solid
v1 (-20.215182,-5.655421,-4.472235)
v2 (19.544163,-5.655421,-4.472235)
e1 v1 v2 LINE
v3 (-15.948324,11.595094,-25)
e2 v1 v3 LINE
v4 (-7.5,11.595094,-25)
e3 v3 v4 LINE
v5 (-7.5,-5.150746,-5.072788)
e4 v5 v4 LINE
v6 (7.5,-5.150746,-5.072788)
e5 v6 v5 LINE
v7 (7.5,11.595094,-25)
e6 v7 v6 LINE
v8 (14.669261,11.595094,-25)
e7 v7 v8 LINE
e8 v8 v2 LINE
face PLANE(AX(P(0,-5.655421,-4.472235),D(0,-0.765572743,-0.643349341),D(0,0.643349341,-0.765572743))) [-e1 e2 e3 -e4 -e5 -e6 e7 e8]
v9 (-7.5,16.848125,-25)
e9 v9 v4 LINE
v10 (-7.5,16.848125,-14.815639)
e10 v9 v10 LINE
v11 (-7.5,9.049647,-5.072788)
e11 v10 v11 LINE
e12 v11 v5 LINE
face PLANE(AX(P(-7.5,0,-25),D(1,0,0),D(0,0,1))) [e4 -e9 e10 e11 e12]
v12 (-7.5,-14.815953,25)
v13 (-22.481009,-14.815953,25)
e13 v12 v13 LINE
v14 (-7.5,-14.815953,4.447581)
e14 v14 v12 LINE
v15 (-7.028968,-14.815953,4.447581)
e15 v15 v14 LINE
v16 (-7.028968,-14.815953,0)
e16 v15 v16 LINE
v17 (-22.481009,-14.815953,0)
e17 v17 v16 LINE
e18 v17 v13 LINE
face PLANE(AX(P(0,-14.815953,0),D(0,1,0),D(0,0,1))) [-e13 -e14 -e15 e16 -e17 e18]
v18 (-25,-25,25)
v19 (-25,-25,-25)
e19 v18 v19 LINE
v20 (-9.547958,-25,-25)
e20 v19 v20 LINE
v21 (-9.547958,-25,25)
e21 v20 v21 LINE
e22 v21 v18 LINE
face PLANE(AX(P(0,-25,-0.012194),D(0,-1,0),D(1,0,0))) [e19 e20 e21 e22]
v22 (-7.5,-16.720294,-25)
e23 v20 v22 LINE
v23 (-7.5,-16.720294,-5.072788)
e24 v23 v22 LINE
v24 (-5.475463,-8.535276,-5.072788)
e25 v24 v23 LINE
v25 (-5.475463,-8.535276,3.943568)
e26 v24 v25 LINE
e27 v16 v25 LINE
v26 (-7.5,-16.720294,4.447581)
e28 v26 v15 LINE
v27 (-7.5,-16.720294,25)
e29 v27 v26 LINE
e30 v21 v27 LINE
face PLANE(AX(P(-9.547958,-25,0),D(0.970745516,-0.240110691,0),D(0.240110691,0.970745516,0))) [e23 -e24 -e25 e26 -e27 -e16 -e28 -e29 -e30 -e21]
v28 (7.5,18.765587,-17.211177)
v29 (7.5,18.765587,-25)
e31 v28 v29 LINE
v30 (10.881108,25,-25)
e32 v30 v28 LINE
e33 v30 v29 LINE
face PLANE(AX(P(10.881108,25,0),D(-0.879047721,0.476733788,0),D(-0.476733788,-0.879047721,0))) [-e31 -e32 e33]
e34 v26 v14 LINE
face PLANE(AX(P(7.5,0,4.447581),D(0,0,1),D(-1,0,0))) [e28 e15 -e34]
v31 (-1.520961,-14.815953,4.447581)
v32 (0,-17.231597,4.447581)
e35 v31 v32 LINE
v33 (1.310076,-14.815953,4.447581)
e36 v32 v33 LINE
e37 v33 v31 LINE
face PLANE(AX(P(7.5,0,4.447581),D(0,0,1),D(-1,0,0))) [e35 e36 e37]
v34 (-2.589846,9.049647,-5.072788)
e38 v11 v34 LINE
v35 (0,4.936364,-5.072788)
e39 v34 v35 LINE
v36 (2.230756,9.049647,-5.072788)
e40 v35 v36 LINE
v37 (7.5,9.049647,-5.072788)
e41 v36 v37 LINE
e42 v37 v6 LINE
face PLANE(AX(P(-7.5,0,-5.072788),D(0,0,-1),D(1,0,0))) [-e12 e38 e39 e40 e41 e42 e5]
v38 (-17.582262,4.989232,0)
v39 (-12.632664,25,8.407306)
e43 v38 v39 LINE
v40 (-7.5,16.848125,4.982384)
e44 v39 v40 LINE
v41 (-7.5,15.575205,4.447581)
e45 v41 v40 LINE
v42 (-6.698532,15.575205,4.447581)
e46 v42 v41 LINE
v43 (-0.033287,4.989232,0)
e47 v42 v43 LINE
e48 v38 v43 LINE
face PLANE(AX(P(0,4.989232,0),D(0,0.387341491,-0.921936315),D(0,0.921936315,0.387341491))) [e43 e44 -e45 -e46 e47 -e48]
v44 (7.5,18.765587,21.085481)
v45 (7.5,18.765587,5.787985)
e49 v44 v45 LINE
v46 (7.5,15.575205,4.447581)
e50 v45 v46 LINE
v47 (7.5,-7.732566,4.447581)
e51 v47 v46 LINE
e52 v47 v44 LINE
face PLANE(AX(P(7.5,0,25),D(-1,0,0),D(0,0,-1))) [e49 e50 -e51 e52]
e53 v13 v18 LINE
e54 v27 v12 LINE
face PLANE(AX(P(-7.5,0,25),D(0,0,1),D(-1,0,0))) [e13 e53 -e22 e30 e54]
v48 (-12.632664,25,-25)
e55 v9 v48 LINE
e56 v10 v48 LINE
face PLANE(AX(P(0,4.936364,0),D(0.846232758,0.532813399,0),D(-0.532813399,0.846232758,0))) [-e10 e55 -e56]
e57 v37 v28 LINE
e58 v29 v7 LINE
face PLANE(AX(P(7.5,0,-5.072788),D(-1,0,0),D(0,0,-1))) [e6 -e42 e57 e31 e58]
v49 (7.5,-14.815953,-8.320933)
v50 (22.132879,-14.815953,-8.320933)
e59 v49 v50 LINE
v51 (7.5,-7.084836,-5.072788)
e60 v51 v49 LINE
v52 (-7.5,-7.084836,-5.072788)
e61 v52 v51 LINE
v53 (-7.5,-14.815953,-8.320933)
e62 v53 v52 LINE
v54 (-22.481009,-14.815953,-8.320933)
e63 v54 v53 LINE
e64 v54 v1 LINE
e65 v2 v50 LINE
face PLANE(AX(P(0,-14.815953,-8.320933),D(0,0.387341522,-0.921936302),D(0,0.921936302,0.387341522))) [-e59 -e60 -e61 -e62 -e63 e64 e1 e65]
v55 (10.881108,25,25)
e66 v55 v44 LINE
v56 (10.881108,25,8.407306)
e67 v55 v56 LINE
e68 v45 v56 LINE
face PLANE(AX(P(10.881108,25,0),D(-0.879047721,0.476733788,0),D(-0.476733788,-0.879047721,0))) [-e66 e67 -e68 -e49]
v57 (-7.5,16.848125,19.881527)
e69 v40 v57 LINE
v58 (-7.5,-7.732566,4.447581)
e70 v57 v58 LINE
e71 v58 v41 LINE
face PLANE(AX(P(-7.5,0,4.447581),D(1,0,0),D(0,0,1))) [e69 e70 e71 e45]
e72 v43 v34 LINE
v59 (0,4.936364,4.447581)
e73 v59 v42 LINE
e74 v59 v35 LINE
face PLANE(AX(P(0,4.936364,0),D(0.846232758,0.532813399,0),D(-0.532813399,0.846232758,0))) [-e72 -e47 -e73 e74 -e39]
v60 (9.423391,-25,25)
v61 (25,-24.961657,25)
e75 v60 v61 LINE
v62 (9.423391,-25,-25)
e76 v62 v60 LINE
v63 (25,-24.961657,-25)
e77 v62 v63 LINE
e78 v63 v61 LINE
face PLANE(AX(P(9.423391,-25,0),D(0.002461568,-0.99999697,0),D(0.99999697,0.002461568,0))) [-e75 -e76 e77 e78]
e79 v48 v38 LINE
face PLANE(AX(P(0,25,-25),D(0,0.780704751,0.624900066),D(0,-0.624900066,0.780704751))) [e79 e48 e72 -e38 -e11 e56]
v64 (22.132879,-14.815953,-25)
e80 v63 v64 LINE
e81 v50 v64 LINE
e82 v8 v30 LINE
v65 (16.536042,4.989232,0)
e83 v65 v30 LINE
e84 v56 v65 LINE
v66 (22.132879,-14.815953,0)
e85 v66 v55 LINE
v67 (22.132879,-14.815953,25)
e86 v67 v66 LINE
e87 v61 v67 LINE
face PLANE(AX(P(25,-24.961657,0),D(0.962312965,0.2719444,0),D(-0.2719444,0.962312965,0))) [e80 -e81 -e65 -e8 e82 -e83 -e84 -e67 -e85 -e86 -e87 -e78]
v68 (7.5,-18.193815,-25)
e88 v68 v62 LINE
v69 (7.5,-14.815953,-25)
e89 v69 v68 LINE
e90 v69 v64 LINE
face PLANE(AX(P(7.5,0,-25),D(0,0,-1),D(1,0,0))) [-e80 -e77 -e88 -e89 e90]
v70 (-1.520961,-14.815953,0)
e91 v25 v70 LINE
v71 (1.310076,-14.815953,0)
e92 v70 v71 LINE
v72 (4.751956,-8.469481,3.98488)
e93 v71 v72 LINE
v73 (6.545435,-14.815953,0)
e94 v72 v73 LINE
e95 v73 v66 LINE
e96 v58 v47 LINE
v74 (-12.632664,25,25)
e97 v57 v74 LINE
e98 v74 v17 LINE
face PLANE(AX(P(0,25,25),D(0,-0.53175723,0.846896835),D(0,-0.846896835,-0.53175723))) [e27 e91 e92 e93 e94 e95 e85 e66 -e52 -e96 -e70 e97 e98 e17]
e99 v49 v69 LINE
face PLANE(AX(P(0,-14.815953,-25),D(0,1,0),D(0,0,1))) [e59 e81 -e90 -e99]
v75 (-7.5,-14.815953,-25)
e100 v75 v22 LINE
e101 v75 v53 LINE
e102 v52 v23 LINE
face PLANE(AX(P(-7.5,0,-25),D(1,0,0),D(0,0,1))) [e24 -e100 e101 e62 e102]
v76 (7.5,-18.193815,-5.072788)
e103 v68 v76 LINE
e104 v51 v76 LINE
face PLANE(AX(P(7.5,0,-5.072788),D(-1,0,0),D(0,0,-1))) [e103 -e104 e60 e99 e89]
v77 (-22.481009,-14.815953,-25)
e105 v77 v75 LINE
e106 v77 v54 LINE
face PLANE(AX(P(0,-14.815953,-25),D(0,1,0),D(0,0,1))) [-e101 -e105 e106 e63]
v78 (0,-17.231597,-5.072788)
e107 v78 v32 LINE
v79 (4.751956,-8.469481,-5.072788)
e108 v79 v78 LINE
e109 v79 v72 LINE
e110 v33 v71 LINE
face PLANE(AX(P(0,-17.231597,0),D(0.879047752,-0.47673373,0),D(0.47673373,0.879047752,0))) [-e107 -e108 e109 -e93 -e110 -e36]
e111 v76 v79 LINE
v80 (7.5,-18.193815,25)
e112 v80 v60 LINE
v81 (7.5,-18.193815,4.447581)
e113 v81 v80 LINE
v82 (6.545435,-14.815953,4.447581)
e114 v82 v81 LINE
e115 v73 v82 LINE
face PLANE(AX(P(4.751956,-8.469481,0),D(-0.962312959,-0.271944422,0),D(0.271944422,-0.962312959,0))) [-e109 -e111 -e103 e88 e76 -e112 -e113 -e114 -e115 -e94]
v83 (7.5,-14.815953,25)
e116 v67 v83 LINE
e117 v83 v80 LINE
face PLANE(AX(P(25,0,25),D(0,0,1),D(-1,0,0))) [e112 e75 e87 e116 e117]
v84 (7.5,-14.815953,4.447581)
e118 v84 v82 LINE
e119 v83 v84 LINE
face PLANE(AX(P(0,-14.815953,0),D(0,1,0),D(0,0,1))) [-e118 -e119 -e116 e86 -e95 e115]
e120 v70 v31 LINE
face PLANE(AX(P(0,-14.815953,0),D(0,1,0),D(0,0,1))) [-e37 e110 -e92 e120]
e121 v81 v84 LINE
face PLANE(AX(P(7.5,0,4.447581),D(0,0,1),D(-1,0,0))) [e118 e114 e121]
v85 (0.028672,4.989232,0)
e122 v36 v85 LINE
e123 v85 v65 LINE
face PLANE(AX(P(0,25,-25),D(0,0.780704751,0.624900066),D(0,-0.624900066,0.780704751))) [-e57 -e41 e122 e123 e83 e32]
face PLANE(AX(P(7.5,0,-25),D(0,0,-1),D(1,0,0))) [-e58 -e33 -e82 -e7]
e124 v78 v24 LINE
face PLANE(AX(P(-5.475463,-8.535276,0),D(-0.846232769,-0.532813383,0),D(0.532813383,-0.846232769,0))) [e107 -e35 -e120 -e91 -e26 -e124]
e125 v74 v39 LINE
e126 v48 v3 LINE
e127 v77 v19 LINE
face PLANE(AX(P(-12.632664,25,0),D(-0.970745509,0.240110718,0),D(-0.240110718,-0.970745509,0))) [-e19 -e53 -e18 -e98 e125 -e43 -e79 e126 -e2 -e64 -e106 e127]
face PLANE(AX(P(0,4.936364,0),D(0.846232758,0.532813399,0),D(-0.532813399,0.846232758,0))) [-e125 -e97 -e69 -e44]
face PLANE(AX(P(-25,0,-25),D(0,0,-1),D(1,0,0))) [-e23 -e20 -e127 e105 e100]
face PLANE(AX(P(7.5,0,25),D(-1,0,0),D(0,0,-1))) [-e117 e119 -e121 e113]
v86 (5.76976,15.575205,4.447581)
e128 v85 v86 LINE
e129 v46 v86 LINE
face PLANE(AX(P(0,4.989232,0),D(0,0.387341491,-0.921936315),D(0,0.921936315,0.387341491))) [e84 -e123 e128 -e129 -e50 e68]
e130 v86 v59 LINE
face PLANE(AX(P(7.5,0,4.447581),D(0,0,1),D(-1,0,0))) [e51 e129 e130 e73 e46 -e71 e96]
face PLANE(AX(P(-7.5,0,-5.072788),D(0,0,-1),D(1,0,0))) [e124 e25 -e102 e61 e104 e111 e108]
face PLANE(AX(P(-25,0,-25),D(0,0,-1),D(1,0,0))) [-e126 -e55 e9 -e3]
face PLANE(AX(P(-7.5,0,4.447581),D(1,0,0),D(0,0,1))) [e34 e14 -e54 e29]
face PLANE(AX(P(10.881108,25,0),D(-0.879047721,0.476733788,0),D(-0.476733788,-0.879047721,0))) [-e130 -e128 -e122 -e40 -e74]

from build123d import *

# Parameters (mm, degrees)
F3_DEPTH = 25
F4_DEPTH = 25
F5_DEPTH = 25


with BuildPart() as f3:
    # F0 (on Front) → F3 (new body, symmetric)
    with BuildSketch(Plane.XZ):
        Polygon((-7.5, 25), (-25, 25), (-25, 10.391577), (-25, -13.939915), (-25, -25), (-7.5, -25), (-7.5, -5.072788), (7.5, -5.072788), (7.5, -25), (25, -25), (25, -13.939915), (25, 10.391577), (25, 25), (7.5, 25), (7.5, 4.447581), (-7.5, 4.447581), align=None)
    extrude(amount=F3_DEPTH, both=True)

    # F2 (on Right) → F4 (intersect, symmetric)
    with BuildSketch(Plane.YZ):
        Polygon((-25, -25), (-14.815953, -25), (-14.815953, -8.320933), (-5.655421, -4.472235), (11.595094, -25), (25, -25), (4.989232, 0), (25, 8.407306), (25, 25), (-14.815953, 0), (-14.815953, 25), (-25, 25), align=None)
    extrude(amount=F4_DEPTH, both=True, mode=Mode.INTERSECT)

    # F1 (on Top) → F5 (intersect, symmetric)
    with BuildSketch(Plane.XY):
        Polygon((-12.632664, 25), (-25, -25), (-9.547958, -25), (-5.475463, -8.535276), (0, -17.231597), (4.751956, -8.469481), (9.423391, -25), (25, -24.961657), (10.881108, 25), (0, 4.936364), align=None)
    extrude(amount=F5_DEPTH, both=True, mode=Mode.INTERSECT)


solid = f3.part
